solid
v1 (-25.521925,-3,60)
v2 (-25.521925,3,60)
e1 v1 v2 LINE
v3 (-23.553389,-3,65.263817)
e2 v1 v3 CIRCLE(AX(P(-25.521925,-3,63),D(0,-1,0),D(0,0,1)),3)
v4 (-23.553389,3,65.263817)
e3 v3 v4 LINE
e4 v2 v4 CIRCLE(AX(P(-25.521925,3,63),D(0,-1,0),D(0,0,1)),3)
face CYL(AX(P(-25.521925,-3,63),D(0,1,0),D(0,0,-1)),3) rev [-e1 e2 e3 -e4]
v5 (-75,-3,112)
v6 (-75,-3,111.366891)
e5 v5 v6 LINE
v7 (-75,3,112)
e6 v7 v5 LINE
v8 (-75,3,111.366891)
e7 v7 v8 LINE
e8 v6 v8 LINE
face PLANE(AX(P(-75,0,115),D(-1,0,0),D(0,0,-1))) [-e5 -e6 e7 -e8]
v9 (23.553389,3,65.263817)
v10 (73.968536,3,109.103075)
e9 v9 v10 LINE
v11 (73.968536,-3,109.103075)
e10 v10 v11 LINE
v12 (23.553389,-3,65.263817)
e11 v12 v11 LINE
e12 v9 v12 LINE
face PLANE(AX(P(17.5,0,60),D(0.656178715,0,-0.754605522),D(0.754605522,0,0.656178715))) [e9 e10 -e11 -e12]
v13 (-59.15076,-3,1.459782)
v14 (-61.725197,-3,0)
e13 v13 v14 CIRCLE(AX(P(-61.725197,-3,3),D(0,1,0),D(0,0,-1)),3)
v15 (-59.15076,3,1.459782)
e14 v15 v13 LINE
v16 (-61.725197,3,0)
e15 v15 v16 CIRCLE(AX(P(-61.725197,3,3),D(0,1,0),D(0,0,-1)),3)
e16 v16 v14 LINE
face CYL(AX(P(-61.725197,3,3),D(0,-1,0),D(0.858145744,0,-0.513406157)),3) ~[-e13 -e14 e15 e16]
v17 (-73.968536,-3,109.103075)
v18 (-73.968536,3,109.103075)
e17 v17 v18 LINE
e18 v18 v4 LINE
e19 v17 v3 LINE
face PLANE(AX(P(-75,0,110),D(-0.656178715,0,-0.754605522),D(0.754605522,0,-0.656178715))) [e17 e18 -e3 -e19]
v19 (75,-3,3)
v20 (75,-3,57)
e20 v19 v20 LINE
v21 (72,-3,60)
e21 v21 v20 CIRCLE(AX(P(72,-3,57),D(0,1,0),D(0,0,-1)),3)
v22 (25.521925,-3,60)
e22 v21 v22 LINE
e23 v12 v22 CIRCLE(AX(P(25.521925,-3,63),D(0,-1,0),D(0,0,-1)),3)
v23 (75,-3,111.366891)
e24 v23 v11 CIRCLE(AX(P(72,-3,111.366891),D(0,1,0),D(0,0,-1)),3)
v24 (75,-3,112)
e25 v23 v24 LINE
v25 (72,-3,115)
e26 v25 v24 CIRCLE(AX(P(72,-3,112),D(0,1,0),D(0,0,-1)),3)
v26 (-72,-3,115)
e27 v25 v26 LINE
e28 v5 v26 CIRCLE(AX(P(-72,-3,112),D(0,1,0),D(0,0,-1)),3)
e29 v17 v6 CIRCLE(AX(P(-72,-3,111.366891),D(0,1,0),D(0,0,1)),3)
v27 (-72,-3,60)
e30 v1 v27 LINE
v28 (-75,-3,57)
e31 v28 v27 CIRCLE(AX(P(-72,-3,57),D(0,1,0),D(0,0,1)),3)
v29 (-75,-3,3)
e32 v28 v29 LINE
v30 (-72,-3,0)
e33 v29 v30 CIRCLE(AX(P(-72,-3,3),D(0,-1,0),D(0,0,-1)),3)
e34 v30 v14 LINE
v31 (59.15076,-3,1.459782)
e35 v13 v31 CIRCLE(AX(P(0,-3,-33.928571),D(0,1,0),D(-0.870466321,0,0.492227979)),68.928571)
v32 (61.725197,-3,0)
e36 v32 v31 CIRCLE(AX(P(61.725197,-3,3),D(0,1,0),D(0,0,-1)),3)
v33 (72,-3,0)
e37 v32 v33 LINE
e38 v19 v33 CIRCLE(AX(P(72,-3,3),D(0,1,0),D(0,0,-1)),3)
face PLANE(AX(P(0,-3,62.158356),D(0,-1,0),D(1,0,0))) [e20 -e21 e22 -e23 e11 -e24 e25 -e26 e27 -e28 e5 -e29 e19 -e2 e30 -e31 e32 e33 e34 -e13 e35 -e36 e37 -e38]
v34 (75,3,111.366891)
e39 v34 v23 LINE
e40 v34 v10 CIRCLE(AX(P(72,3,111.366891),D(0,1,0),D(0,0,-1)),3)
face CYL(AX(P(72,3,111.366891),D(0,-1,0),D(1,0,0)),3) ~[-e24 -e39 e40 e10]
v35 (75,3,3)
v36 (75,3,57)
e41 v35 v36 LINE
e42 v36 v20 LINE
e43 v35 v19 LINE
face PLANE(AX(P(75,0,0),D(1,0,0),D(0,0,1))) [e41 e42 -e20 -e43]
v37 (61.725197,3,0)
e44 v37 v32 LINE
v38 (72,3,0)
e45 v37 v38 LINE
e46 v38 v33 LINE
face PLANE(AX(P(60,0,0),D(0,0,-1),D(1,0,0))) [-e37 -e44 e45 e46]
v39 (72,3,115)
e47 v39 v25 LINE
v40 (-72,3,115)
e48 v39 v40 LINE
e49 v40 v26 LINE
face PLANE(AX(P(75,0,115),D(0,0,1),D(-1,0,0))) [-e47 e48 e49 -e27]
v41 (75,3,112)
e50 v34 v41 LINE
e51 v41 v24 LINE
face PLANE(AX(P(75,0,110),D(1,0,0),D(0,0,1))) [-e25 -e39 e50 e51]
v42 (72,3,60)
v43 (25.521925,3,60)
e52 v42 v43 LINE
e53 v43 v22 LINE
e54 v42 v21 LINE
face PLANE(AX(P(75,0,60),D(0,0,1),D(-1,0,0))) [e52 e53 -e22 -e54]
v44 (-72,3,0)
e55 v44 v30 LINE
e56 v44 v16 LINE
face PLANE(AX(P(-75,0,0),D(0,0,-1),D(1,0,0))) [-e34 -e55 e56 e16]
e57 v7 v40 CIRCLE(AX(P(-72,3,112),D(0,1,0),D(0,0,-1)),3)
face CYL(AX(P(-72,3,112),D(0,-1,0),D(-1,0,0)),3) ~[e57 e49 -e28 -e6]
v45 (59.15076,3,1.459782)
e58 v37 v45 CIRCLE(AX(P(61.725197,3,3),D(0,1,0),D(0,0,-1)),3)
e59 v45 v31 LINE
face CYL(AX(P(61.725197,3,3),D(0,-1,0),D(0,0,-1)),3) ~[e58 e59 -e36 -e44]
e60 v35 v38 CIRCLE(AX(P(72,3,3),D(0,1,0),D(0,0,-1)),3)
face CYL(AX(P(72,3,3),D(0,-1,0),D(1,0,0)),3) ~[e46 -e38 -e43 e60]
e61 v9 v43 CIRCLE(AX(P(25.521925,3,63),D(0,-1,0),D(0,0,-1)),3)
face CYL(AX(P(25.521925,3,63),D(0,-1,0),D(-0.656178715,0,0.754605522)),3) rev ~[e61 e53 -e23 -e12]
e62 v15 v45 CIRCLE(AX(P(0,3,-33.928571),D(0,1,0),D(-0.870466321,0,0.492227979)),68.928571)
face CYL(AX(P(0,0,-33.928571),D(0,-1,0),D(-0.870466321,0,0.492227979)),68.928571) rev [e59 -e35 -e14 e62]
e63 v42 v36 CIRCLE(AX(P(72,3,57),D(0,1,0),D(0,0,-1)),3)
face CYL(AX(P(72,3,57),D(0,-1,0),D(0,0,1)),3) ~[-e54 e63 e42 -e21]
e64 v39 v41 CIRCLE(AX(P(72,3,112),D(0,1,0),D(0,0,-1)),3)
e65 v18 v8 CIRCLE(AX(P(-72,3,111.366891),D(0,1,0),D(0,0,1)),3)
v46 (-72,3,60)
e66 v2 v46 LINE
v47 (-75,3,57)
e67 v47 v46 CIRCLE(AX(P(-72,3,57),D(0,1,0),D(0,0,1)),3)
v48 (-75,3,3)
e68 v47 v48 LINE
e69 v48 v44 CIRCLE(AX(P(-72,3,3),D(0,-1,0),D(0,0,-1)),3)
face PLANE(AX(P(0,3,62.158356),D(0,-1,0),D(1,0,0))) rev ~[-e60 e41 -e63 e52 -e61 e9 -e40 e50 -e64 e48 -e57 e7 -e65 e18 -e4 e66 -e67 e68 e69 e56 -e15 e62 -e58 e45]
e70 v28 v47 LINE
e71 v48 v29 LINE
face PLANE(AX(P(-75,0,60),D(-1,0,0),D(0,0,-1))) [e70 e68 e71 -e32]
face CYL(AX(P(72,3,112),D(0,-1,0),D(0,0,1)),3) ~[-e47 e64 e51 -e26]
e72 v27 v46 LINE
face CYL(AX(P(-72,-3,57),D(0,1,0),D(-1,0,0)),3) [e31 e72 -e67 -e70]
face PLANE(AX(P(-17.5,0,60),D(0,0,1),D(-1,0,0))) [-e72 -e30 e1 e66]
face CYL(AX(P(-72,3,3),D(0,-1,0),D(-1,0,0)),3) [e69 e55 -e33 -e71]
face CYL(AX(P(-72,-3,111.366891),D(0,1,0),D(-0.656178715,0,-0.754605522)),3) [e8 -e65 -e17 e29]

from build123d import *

# Parameters (mm, degrees)
F1_DEPTH = 3
F2_R     = 3


with BuildPart() as f1:
    # F0 (on Front) → F1 (new body, symmetric)
    with BuildSketch(Plane.XZ):
        with BuildLine():
            Line((-75, 60), (-75, 0))
            Line((-75, 0), (-60, 0))
            ThreePointArc((-60, 0), (0, 35), (60, 0))
            Line((60, 0), (75, 0))
            Line((75, 0), (75, 60))
            Line((75, 60), (17.5, 60))
            Line((17.5, 60), (75, 110))
            Line((75, 110), (75, 115))
            Line((75, 115), (-75, 115))
            Line((-75, 115), (-75, 110))
            Line((-75, 110), (-17.5, 60))
            Line((-17.5, 60), (-75, 60))
        make_face()
    extrude(amount=F1_DEPTH, both=True)

    # F2
    f2_edges = [f1.edges().sort_by_distance(p)[0] for p in [
        (-17.5, 0, 60),
        (17.5, 0, 60),
        (75, 0, 60),
        (75, 0, 0),
        (-60, 0, 0),
        (-75, 0, 60),
        (60, 0, 0),
        (-75, 0, 0),
        (-75, 0, 115),
        (-75, 0, 110),
        (75, 0, 115),
        (75, 0, 110),
    ]]
    fillet(f2_edges, radius=F2_R)


solid = f1.part
